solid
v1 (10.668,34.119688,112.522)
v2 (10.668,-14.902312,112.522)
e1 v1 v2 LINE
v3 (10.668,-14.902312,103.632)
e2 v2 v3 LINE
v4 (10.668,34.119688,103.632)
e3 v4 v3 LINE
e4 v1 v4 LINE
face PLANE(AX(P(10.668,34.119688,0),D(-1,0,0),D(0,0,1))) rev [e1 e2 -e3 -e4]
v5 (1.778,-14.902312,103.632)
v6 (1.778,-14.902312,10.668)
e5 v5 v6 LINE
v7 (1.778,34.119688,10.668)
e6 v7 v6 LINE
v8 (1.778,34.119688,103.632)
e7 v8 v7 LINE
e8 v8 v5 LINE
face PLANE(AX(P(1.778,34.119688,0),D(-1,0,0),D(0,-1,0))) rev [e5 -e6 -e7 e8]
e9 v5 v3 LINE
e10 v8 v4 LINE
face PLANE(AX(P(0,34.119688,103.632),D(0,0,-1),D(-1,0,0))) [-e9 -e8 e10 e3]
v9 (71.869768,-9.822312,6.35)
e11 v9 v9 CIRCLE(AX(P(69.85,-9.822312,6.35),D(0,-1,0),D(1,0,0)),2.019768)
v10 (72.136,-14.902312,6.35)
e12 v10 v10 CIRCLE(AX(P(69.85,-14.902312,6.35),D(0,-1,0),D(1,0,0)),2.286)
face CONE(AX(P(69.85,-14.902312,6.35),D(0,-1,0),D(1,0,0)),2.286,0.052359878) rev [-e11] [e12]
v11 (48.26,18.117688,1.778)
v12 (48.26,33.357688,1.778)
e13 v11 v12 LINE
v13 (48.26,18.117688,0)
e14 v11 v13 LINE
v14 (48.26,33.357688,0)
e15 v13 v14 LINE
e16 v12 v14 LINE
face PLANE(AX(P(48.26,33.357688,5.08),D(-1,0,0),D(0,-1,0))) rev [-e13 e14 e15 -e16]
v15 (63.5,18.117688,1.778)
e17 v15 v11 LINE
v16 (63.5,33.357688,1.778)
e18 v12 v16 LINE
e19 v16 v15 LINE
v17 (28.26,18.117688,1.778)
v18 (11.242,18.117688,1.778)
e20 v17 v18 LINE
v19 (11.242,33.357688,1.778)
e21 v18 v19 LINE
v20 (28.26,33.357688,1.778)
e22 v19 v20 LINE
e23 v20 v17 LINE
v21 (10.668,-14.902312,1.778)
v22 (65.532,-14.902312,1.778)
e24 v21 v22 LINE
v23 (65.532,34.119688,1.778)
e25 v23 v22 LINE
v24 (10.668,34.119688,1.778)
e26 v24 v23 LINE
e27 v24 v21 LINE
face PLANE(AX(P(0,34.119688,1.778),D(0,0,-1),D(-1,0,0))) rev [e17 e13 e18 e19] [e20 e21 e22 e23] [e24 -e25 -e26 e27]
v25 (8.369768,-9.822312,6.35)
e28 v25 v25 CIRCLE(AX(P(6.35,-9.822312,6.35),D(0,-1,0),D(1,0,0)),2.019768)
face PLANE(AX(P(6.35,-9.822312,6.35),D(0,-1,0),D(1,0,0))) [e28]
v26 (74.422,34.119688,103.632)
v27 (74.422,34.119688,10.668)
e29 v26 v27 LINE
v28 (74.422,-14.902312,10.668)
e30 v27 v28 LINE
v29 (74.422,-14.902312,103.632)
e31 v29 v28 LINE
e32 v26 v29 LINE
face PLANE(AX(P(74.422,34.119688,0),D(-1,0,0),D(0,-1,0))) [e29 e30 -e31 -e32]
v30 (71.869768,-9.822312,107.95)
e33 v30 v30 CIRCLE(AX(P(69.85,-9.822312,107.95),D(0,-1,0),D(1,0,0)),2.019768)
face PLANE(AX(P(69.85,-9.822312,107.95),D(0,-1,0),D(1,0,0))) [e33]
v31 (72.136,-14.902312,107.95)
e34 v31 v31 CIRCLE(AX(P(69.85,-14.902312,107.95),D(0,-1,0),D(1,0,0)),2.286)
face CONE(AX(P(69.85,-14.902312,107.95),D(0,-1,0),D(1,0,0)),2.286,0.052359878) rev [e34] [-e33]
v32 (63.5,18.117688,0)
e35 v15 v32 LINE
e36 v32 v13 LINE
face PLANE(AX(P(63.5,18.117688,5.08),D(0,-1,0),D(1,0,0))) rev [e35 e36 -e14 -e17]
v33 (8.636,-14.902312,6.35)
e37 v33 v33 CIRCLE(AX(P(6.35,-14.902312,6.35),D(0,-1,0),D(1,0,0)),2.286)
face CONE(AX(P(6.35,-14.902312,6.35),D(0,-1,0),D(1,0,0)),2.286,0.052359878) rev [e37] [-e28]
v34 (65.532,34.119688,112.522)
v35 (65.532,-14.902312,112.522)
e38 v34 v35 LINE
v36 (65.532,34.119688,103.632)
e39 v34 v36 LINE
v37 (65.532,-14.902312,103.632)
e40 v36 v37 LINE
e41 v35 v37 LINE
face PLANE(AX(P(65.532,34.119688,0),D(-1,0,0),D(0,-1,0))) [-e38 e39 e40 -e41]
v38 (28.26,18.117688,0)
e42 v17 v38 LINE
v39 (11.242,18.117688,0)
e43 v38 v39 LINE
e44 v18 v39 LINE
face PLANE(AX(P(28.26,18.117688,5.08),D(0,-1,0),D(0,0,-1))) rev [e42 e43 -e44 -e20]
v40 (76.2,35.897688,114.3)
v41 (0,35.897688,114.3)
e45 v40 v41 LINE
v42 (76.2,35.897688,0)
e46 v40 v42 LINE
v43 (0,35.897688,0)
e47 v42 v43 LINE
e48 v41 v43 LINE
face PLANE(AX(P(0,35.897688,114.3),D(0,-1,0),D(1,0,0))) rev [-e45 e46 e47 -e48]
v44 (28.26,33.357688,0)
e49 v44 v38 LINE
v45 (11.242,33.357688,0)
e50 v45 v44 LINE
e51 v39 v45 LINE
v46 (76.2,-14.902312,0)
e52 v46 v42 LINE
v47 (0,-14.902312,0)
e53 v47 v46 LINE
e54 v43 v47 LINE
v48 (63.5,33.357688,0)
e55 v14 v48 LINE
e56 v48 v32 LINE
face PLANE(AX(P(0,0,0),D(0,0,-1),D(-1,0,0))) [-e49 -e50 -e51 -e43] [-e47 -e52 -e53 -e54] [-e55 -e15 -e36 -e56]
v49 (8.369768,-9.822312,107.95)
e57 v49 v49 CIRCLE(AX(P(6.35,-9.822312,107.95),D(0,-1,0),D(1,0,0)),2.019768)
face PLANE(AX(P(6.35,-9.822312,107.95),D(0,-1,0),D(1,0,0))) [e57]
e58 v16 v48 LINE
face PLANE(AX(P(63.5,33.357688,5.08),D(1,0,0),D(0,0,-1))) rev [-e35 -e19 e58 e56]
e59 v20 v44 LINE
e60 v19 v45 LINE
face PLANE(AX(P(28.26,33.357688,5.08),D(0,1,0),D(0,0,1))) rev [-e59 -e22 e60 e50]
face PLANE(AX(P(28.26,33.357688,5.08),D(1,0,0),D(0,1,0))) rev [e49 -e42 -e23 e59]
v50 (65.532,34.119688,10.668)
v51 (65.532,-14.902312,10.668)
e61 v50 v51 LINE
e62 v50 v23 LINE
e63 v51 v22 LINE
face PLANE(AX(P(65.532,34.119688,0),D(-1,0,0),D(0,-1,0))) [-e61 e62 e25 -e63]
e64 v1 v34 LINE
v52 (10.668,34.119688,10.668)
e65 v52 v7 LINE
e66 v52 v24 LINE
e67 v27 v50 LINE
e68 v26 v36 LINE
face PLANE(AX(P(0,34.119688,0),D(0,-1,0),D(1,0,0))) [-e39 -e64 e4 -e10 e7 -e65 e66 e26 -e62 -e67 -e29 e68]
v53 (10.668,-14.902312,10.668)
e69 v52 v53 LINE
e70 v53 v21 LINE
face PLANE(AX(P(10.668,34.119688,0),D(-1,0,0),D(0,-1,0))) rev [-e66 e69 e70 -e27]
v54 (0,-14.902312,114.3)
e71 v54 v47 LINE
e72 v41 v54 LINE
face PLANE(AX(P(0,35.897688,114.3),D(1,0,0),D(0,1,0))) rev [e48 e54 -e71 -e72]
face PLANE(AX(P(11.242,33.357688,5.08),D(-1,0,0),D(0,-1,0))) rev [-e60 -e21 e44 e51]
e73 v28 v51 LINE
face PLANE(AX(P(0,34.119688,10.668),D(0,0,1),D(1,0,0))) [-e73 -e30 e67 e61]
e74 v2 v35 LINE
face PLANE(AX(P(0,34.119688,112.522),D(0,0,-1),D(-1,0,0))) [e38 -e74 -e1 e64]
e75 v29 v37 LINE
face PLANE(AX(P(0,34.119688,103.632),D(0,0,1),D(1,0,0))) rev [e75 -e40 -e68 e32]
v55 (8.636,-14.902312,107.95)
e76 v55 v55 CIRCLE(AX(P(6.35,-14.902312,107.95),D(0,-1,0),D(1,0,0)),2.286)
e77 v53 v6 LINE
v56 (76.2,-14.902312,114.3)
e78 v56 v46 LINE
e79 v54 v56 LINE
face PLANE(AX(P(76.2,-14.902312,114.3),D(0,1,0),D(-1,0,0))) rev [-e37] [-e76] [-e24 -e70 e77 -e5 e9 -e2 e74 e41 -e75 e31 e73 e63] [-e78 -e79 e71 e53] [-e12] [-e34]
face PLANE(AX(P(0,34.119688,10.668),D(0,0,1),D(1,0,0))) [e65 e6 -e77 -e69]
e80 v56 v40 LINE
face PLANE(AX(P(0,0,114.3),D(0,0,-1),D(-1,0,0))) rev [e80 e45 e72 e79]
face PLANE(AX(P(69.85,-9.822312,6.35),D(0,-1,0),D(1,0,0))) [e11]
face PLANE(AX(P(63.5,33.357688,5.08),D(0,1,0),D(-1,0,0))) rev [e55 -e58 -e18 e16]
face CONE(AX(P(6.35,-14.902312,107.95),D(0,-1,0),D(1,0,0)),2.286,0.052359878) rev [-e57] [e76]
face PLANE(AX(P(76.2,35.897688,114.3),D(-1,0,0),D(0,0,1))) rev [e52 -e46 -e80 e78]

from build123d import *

# Parameters (mm, degrees)
SKETCH1_W                    = 76.2
SKETCH1_H                    = 50.8
BOSS_EXTRUDE1_DEPTH          = 114.3
CUT_EXTRUDE2_DEPTH           = 49.022
SKETCH6_R                    = 2.286
CUT_EXTRUDE3_DEPTH           = 5.08
CUT_EXTRUDE3_DRAFT           = -3
CUT_EXTRUDE3_PROFILE_2_DEPTH = 5.08
CUT_EXTRUDE3_PROFILE_2_DRAFT = -3
CUT_EXTRUDE3_PROFILE_3_DEPTH = 5.08
CUT_EXTRUDE3_PROFILE_3_DRAFT = -3
CUT_EXTRUDE3_PROFILE_4_DEPTH = 5.08
CUT_EXTRUDE3_PROFILE_4_DRAFT = -3
SKETCH10_W                   = 15.24
SKETCH10_H                   = 15.24
SKETCH10_W_2                 = 17.018
CUT_EXTRUDE4_DEPTH           = 5.08


with BuildPart() as part:
    # Sketch1 → Boss-Extrude1 (new body)
    with BuildSketch(Plane.XY):
        with Locations((38.1, 10.497687861)):
            Rectangle(SKETCH1_W, SKETCH1_H)
    extrude(amount=BOSS_EXTRUDE1_DEPTH)

    # Sketch3 → Cut-Extrude2 (cut)
    with BuildSketch(Plane.XZ.offset(14.902312139)):
        Polygon((65.532, 112.522), (10.668, 112.522), (10.668, 103.632), (1.778, 103.632), (1.778, 10.668), (10.668, 10.668), (10.668, 1.778), (65.532, 1.778), (65.532, 10.668), (74.422, 10.668), (74.422, 103.632), (65.532, 103.632), align=None)
    extrude(amount=-CUT_EXTRUDE2_DEPTH, mode=Mode.SUBTRACT)


with BuildPart() as cut_extrude3_tool:
    # Sketch6 → Cut-Extrude3 (with draft: the straight prism first)
    with BuildSketch(Plane(origin=(0, -14.902312139, 0), x_dir=(-1, 0, 0), z_dir=(0, -1, 0))):
        with Locations((-69.85, -6.35)):
            Circle(SKETCH6_R)
    extrude(amount=-CUT_EXTRUDE3_DEPTH)
    # Cut-Extrude3: the draft: its side faces are tilted about the plane it starts from
    cut_extrude3_sides = [cut_extrude3_tool.faces().sort_by_distance(p)[0] for p in [
        (72.136, -12.362312139, 6.35),
    ]]
    draft(cut_extrude3_sides, Plane(origin=(0, -14.902312139, 0), x_dir=(-1, 0, 0), z_dir=(0, -1, 0)), CUT_EXTRUDE3_DRAFT)


with BuildPart() as part_1:
    add(part.part)

    # Cut-Extrude3: cut by cut_extrude3_tool
    add(cut_extrude3_tool.part, mode=Mode.SUBTRACT)


with BuildPart() as cut_extrude3_profile_2_tool:
    # Sketch6 → Cut-Extrude3 profile 2 (with draft: the straight prism first)
    with BuildSketch(Plane(origin=(0, -14.902312139, 0), x_dir=(-1, 0, 0), z_dir=(0, -1, 0))):
        with Locations((-6.35, -6.35)):
            Circle(SKETCH6_R)
    extrude(amount=-CUT_EXTRUDE3_PROFILE_2_DEPTH)
    # Cut-Extrude3 profile 2: the draft: its side faces are tilted about the plane it starts from
    cut_extrude3_profile_2_sides = [cut_extrude3_profile_2_tool.faces().sort_by_distance(p)[0] for p in [
        (8.636, -12.362312139, 6.35),
    ]]
    draft(cut_extrude3_profile_2_sides, Plane(origin=(0, -14.902312139, 0), x_dir=(-1, 0, 0), z_dir=(0, -1, 0)), CUT_EXTRUDE3_PROFILE_2_DRAFT)


with BuildPart() as part_2:
    add(part_1.part)

    # Cut-Extrude3 profile 2: cut by cut_extrude3_profile_2_tool
    add(cut_extrude3_profile_2_tool.part, mode=Mode.SUBTRACT)


with BuildPart() as cut_extrude3_profile_3_tool:
    # Sketch6 → Cut-Extrude3 profile 3 (with draft: the straight prism first)
    with BuildSketch(Plane(origin=(0, -14.902312139, 0), x_dir=(-1, 0, 0), z_dir=(0, -1, 0))):
        with Locations((-6.35, -107.95)):
            Circle(SKETCH6_R)
    extrude(amount=-CUT_EXTRUDE3_PROFILE_3_DEPTH)
    # Cut-Extrude3 profile 3: the draft: its side faces are tilted about the plane it starts from
    cut_extrude3_profile_3_sides = [cut_extrude3_profile_3_tool.faces().sort_by_distance(p)[0] for p in [
        (8.636, -12.362312139, 107.95),
    ]]
    draft(cut_extrude3_profile_3_sides, Plane(origin=(0, -14.902312139, 0), x_dir=(-1, 0, 0), z_dir=(0, -1, 0)), CUT_EXTRUDE3_PROFILE_3_DRAFT)


with BuildPart() as part_3:
    add(part_2.part)

    # Cut-Extrude3 profile 3: cut by cut_extrude3_profile_3_tool
    add(cut_extrude3_profile_3_tool.part, mode=Mode.SUBTRACT)


with BuildPart() as cut_extrude3_profile_4_tool:
    # Sketch6 → Cut-Extrude3 profile 4 (with draft: the straight prism first)
    with BuildSketch(Plane(origin=(0, -14.902312139, 0), x_dir=(-1, 0, 0), z_dir=(0, -1, 0))):
        with Locations((-69.85, -107.95)):
            Circle(SKETCH6_R)
    extrude(amount=-CUT_EXTRUDE3_PROFILE_4_DEPTH)
    # Cut-Extrude3 profile 4: the draft: its side faces are tilted about the plane it starts from
    cut_extrude3_profile_4_sides = [cut_extrude3_profile_4_tool.faces().sort_by_distance(p)[0] for p in [
        (72.136, -12.362312139, 107.95),
    ]]
    draft(cut_extrude3_profile_4_sides, Plane(origin=(0, -14.902312139, 0), x_dir=(-1, 0, 0), z_dir=(0, -1, 0)), CUT_EXTRUDE3_PROFILE_4_DRAFT)


with BuildPart() as part_4:
    add(part_3.part)

    # Cut-Extrude3 profile 4: cut by cut_extrude3_profile_4_tool
    add(cut_extrude3_profile_4_tool.part, mode=Mode.SUBTRACT)

    # Sketch10 → Cut-Extrude4 (cut)
    with BuildSketch(Plane(origin=(0, 0, 0), x_dir=(-1, 0, 0), z_dir=(0, 0, -1))):
        with Locations((-55.88, 25.737687861)):
            Rectangle(SKETCH10_W, SKETCH10_H)
        with Locations((-19.751, 25.737687861)):
            Rectangle(SKETCH10_W_2, SKETCH10_H)
    extrude(amount=-CUT_EXTRUDE4_DEPTH, mode=Mode.SUBTRACT)


solid = part_4.part
